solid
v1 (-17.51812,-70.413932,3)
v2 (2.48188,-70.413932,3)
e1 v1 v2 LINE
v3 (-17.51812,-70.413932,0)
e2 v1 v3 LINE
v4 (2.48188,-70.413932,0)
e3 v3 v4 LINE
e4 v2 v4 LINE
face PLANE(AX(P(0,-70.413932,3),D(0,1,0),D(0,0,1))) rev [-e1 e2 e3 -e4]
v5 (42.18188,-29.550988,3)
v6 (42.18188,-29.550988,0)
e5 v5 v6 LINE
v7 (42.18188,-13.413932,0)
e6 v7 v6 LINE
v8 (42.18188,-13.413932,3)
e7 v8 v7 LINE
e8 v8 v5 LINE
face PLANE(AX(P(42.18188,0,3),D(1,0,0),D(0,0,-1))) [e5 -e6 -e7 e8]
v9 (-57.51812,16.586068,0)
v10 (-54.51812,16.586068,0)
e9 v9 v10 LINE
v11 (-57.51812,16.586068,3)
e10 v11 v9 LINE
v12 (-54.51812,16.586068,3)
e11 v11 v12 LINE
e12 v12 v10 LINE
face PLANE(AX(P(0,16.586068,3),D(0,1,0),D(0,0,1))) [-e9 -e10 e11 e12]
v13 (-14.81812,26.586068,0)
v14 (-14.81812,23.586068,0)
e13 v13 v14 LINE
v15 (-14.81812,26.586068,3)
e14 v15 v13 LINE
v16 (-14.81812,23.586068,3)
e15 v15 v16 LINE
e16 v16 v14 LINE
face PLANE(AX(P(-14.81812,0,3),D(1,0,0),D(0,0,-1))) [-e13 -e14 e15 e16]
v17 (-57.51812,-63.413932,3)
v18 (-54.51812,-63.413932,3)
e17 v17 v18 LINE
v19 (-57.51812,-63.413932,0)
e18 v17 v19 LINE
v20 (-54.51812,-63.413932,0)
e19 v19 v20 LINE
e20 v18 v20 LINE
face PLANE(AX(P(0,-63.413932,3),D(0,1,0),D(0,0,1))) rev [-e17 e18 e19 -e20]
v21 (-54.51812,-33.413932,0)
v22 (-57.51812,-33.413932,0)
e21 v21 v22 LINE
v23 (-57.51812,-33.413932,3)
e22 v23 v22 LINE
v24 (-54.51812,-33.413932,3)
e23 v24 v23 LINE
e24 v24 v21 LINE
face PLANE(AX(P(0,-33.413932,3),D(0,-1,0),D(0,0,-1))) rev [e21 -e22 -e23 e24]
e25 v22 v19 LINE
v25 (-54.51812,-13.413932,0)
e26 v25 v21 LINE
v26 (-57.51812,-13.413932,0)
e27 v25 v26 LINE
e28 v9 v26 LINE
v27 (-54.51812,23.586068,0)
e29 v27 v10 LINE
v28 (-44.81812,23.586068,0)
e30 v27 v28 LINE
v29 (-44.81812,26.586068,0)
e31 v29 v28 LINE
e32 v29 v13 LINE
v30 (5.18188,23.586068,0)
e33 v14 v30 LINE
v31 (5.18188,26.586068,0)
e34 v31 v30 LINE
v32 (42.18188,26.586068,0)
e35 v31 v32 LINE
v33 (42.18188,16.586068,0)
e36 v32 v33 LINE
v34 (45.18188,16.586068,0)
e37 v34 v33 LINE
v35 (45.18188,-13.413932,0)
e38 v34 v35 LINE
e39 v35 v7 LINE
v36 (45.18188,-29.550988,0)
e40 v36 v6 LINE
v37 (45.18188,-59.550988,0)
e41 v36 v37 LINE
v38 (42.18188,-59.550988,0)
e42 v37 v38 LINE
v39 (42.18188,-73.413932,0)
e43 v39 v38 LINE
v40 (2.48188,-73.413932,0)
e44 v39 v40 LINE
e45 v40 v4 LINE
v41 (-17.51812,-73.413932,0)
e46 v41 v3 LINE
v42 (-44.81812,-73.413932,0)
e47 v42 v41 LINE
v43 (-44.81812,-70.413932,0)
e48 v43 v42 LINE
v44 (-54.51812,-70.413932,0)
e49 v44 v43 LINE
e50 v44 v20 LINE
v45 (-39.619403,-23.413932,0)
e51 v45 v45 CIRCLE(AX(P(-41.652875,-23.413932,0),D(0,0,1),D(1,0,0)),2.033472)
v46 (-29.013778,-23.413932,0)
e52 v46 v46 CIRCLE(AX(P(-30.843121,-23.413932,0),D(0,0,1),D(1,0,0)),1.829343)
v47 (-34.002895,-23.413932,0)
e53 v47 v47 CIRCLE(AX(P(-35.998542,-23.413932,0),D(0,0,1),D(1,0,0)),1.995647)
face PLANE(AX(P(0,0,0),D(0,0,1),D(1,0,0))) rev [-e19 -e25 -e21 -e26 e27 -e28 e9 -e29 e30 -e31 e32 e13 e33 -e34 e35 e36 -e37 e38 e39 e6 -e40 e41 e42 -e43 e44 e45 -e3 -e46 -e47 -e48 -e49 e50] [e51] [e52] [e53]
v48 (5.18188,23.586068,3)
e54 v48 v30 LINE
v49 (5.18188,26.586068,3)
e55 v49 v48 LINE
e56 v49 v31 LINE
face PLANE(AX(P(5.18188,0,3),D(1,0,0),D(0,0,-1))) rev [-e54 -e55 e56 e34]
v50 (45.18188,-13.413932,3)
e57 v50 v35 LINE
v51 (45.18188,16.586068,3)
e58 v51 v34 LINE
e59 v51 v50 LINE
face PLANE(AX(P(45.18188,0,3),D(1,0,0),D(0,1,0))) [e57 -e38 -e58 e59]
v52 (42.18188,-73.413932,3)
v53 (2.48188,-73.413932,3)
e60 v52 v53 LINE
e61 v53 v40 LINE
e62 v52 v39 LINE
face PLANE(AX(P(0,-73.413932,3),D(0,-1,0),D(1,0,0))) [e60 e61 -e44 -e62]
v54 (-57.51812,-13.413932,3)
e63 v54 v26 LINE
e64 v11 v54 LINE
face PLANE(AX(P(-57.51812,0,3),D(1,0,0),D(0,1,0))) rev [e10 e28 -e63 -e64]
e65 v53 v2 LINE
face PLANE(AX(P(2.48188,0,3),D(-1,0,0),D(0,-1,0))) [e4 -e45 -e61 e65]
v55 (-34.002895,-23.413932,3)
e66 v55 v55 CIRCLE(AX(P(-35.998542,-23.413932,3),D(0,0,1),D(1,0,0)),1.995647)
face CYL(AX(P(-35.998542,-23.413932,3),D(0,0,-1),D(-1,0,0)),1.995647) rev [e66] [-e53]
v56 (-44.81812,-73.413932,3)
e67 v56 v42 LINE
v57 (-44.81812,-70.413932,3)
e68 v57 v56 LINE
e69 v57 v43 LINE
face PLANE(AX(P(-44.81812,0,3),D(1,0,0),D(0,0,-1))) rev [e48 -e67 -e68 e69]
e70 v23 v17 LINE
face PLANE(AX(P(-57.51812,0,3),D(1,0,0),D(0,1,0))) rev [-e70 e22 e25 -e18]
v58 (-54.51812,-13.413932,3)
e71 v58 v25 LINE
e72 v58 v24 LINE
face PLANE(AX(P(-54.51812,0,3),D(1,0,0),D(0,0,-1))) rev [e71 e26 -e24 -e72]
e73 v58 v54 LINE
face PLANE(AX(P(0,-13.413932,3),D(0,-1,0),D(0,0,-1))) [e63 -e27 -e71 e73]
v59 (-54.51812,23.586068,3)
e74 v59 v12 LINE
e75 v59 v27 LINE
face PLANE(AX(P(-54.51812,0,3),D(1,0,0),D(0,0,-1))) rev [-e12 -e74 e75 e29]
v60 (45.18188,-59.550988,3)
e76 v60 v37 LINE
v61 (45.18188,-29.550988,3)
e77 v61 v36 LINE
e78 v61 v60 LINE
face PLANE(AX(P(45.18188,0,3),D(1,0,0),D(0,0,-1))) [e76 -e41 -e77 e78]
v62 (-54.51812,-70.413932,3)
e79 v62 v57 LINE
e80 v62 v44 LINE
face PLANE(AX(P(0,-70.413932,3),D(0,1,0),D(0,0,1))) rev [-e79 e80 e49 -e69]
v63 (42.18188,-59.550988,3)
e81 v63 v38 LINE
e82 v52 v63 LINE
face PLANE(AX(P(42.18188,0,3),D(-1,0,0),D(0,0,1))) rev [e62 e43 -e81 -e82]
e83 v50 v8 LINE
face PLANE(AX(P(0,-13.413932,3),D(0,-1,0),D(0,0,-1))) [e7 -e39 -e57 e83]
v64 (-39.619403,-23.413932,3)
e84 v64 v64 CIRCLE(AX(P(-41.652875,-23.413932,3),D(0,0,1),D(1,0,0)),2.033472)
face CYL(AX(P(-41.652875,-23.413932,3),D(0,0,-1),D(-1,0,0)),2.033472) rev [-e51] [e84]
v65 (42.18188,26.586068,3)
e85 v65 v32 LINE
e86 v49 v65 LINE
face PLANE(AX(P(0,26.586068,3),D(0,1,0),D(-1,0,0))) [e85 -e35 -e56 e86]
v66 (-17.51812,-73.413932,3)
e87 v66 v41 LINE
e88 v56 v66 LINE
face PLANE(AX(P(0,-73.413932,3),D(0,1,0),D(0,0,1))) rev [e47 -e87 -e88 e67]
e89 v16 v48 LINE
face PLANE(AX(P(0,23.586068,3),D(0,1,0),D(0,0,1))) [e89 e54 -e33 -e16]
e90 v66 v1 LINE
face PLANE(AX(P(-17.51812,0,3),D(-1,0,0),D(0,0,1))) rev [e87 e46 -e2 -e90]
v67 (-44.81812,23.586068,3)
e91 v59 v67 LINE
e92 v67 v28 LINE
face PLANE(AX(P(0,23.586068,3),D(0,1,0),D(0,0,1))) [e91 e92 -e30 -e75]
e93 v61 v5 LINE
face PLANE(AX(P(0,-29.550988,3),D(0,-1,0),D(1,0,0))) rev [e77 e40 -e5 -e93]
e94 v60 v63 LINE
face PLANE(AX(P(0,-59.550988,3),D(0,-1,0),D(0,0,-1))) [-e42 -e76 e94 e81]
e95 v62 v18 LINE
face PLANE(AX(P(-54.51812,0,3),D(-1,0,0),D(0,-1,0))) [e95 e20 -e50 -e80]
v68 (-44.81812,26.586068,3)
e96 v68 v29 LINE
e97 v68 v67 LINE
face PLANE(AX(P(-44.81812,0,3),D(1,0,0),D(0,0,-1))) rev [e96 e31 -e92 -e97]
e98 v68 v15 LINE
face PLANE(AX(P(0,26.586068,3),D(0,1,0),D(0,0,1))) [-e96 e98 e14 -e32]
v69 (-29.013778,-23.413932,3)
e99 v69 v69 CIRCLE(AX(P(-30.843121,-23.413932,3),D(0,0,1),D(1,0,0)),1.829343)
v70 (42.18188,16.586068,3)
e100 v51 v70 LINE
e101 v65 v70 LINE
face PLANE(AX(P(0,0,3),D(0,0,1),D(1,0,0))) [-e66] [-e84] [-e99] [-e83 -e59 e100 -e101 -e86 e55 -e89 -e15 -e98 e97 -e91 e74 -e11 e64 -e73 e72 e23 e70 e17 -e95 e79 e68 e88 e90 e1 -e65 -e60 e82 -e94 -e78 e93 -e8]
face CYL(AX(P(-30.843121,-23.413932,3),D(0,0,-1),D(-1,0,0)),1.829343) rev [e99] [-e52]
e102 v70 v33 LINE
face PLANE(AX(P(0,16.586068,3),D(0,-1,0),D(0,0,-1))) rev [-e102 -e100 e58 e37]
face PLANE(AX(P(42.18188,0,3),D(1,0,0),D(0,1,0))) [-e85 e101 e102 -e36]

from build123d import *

# Parameters (mm, degrees)
ESQUISSE1_R        = 2.033472286
ESQUISSE1_R_2      = 1.995646952
ESQUISSE1_R_3      = 1.82934304
BOSS_EXTRU_1_DEPTH = 3


with BuildPart() as part:
    # Esquisse1 → Boss.-Extru.1 (new body)
    with BuildSketch(Plane.XY):
        Polygon((-54.518120274, -33.413932292), (-57.518120274, -33.413932292), (-57.518120274, -63.413932292), (-54.518120274, -63.413932292), (-54.518120274, -70.413932292), (-44.818120274, -70.413932292), (-44.818120274, -73.413932292), (-17.518120274, -73.413932292), (-17.518120274, -70.413932292), (2.481879726, -70.413932292), (2.481879726, -73.413932292), (32.481879726, -73.413932292), (42.181879726, -73.413932292), (42.181879726, -59.550988322), (45.181879726, -59.550988322), (45.181879726, -29.550988322), (42.181879726, -29.550988322), (42.181879726, -13.413932292), (45.181879726, -13.413932292), (45.181879726, 16.586067708), (42.181879726, 16.586067708), (42.181879726, 26.586067708), (29.835043292, 26.586067708), (5.181879726, 26.586067708), (5.181879726, 23.586067708), (-14.818120274, 23.586067708), (-14.818120274, 26.586067708), (-44.818120274, 26.586067708), (-44.818120274, 23.586067708), (-54.518120274, 23.586067708), (-54.518120274, 16.586067708), (-57.518120274, 16.586067708), (-57.518120274, -13.413932292), (-54.518120274, -13.413932292), align=None)
        with Locations((-41.652875269, -23.413932292)):
            Circle(ESQUISSE1_R, mode=Mode.SUBTRACT)
        with Locations((-35.998542238, -23.413932292)):
            Circle(ESQUISSE1_R_2, mode=Mode.SUBTRACT)
        with Locations((-30.843120944, -23.413932292)):
            Circle(ESQUISSE1_R_3, mode=Mode.SUBTRACT)
    extrude(amount=BOSS_EXTRU_1_DEPTH)


solid = part.part
